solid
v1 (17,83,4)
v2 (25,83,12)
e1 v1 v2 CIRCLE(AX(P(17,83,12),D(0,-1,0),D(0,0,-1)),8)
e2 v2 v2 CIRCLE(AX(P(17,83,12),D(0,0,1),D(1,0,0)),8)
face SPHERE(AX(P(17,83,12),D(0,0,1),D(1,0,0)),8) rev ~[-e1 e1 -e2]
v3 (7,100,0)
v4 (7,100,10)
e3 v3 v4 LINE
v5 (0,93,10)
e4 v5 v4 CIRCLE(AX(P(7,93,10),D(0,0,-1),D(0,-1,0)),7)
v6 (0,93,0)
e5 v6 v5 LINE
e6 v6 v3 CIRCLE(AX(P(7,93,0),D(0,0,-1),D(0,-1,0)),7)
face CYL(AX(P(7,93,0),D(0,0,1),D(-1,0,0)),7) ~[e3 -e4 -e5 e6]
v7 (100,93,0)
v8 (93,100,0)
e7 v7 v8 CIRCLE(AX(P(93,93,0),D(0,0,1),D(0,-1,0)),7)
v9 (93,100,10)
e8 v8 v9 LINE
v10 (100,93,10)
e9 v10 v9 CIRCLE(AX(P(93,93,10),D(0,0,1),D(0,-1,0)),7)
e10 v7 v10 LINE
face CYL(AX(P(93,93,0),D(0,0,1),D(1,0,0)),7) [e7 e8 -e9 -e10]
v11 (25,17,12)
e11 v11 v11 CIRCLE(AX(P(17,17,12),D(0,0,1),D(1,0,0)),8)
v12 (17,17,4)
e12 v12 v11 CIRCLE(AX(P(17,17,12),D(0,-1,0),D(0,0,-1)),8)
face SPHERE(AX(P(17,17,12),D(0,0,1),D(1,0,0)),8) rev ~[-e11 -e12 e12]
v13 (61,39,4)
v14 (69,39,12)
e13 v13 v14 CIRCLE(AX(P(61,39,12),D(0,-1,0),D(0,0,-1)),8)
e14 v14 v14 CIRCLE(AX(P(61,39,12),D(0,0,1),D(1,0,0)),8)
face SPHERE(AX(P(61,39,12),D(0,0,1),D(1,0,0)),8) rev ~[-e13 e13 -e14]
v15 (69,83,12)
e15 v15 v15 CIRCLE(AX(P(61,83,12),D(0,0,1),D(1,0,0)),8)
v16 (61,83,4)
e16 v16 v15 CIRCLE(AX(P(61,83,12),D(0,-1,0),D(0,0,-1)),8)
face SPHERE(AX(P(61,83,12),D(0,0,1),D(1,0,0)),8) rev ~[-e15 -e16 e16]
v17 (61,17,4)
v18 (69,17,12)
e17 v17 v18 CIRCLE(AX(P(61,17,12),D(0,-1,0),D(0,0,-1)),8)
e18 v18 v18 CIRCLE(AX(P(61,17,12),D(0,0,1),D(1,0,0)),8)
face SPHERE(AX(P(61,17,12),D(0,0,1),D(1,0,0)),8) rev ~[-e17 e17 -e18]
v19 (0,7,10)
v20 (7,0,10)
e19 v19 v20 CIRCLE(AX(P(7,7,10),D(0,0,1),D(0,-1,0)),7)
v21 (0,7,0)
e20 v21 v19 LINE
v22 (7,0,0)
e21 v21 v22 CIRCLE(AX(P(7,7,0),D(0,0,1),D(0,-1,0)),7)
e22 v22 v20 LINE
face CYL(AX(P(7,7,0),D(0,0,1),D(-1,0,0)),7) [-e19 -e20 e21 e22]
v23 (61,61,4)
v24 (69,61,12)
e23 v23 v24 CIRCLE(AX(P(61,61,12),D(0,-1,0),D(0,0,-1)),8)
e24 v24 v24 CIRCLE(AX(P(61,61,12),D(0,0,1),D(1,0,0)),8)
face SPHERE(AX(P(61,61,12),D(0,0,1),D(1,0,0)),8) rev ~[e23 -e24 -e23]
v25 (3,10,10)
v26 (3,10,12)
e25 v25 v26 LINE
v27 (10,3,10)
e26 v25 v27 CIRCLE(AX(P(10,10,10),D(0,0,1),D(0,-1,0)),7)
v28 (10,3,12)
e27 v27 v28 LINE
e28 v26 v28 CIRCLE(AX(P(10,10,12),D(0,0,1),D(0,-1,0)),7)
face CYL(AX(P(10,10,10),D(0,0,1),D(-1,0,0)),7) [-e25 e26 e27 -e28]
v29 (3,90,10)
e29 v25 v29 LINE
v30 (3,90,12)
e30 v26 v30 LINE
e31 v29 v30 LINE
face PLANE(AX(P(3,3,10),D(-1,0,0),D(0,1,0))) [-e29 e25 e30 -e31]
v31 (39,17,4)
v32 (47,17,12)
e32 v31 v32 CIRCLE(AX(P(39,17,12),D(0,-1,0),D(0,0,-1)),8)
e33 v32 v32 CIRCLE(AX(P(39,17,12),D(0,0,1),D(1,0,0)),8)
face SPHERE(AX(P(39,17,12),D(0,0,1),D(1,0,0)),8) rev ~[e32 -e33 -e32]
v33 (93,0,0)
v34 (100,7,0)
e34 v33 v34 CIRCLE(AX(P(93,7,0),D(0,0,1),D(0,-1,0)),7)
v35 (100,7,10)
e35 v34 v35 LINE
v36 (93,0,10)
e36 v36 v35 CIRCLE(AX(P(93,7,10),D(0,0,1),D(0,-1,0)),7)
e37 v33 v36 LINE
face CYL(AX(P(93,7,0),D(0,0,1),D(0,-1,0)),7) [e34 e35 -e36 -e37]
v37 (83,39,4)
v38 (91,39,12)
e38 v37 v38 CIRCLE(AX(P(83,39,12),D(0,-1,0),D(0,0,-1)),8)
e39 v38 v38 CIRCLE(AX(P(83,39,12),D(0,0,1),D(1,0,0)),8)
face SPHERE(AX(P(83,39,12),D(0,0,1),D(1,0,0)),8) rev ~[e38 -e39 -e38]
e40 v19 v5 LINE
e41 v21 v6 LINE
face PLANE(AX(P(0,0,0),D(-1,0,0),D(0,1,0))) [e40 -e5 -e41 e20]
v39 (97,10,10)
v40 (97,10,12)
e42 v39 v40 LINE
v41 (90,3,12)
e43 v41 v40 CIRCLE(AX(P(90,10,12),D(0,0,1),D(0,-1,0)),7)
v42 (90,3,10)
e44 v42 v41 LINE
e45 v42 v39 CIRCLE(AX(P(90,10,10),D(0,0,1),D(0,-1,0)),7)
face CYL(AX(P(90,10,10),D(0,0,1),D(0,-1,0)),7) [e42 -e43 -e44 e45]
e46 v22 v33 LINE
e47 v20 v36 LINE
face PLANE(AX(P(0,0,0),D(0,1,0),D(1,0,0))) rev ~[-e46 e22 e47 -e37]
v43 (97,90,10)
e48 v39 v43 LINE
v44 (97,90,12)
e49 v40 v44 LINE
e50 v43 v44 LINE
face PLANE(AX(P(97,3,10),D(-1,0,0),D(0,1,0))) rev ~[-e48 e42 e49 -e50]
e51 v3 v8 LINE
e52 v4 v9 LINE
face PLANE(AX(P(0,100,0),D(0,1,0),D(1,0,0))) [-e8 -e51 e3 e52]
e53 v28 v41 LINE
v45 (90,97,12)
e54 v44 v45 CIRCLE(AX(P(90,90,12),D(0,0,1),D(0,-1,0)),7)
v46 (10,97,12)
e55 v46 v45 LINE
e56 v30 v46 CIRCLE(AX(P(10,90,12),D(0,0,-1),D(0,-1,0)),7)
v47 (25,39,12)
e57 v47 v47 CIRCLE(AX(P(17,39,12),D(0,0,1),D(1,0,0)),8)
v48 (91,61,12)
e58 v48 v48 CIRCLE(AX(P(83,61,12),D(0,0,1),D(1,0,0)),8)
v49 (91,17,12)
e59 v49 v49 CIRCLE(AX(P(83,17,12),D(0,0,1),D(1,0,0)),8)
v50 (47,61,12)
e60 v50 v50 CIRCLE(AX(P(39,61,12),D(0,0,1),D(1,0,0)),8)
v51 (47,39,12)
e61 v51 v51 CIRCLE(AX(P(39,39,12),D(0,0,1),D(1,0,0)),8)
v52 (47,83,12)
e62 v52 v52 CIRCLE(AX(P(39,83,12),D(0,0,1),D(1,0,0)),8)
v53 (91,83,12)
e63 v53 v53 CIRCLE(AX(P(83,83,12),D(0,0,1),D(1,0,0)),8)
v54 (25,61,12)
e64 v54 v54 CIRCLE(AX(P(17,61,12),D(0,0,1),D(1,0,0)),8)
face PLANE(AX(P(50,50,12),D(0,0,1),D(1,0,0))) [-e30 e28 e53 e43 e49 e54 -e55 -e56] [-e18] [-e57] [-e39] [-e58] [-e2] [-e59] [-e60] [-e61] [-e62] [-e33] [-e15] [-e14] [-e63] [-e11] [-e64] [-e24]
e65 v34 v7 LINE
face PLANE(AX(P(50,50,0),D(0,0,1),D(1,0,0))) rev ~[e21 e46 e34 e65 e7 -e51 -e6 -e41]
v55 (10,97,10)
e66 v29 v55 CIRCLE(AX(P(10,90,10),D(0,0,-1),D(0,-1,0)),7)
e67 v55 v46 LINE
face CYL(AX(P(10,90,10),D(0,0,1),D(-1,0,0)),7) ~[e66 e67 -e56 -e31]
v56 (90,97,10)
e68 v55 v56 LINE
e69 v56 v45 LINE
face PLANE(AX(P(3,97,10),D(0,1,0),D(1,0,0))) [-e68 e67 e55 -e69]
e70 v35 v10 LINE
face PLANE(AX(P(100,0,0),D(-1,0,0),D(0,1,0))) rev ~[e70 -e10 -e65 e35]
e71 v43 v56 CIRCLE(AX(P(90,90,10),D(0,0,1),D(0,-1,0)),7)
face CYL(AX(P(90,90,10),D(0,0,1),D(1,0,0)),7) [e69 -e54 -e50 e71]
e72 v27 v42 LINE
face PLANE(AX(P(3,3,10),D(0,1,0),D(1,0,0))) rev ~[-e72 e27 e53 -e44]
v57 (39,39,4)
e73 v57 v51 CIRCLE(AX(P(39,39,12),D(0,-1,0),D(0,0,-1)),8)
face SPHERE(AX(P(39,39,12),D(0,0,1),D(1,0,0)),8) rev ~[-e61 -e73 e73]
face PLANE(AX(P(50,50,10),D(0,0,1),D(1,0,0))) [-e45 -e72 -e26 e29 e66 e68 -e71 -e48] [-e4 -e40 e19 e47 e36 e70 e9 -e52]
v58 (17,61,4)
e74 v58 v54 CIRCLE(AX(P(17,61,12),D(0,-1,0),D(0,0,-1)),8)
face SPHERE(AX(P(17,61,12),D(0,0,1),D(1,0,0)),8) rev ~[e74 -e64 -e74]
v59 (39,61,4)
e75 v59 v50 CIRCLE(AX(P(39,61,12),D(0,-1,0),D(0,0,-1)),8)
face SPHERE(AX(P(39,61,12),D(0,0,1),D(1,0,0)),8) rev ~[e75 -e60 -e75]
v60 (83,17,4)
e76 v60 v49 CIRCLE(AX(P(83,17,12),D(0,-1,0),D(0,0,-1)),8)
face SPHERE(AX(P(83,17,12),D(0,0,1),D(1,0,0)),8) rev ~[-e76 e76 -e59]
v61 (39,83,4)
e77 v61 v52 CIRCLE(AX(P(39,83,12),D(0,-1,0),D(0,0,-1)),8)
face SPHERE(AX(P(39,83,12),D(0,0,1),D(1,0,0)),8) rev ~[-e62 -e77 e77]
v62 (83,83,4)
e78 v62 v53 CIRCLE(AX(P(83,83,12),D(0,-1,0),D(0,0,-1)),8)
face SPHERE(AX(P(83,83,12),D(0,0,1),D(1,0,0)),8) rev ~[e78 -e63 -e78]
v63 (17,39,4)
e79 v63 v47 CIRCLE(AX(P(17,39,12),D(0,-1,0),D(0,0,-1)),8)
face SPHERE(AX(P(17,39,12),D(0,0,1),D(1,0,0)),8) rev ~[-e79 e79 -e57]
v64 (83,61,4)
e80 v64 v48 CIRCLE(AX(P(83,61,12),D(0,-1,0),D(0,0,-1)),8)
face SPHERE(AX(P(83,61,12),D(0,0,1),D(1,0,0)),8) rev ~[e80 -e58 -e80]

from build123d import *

# Parameters (mm, degrees)
ARRAY_X_COUNT = 4
ARRAY_X_PITCH = 22
ARRAY_Y_COUNT = 4
ARRAY_Y_PITCH = 22
BOX_W         = 100
BOX_H         = 100
BOX_DEPTH     = 10
FILLET_R      = 7
BOX001_W      = 94
BOX001_H      = 94
BOX001_DEPTH  = 2
FILLET001_R   = 7


with BuildPart() as array:
    # Sphere → Sphere (revolve)
    with BuildSketch(Plane(origin=(17, 17, 12), x_dir=(1, 0, 0), z_dir=(0, -1, 0))):
        with BuildLine():
            ThreePointArc((0, -8), (8, 0), (0, 8))
            Line((0, 8), (0, -8))
        make_face()
    revolve(axis=Axis((17, 17, 12), (0, 0, 1)))

    # Array X: Array ×4


with BuildPart() as array_1:
    add(array.part)
    with Locations(*[(i * ARRAY_X_PITCH, 0, 0) for i in range(1, ARRAY_X_COUNT)]):
        add(array.part)

    # Array Y: Array ×4


with BuildPart() as array_2:
    add(array_1.part)
    with Locations(*[(0, i * ARRAY_Y_PITCH, 0) for i in range(1, ARRAY_Y_COUNT)]):
        add(array_1.part)


with BuildPart() as body_with_fillets:
    # Box → Box (new body)
    with BuildSketch(Plane.XY):
        with Locations((50, 50)):
            Rectangle(BOX_W, BOX_H)
    extrude(amount=BOX_DEPTH)

    # Fillet
    fillet_edges = [body_with_fillets.edges().sort_by_distance(p)[0] for p in [
        (0, 0, 5),
        (0, 100, 5),
        (100, 0, 5),
        (100, 100, 5),
    ]]
    fillet(fillet_edges, radius=FILLET_R)


with BuildPart() as well_palette:
    # Box001 → Box001 (new body)
    with BuildSketch(Plane(origin=(3, 3, 10), x_dir=(1, 0, 0), z_dir=(0, 0, 1))):
        with Locations((47, 47)):
            Rectangle(BOX001_W, BOX001_H)
    extrude(amount=BOX001_DEPTH)

    # Fillet001
    fillet001_edges = [well_palette.edges().sort_by_distance(p)[0] for p in [
        (3, 3, 11),
        (3, 97, 11),
        (97, 3, 11),
        (97, 97, 11),
    ]]
    fillet(fillet001_edges, radius=FILLET001_R)

    # Fusion: union Body with fillets
    add(body_with_fillets.part)

    # Cut: cut Array
    add(array_2.part, mode=Mode.SUBTRACT)


solid = well_palette.part
